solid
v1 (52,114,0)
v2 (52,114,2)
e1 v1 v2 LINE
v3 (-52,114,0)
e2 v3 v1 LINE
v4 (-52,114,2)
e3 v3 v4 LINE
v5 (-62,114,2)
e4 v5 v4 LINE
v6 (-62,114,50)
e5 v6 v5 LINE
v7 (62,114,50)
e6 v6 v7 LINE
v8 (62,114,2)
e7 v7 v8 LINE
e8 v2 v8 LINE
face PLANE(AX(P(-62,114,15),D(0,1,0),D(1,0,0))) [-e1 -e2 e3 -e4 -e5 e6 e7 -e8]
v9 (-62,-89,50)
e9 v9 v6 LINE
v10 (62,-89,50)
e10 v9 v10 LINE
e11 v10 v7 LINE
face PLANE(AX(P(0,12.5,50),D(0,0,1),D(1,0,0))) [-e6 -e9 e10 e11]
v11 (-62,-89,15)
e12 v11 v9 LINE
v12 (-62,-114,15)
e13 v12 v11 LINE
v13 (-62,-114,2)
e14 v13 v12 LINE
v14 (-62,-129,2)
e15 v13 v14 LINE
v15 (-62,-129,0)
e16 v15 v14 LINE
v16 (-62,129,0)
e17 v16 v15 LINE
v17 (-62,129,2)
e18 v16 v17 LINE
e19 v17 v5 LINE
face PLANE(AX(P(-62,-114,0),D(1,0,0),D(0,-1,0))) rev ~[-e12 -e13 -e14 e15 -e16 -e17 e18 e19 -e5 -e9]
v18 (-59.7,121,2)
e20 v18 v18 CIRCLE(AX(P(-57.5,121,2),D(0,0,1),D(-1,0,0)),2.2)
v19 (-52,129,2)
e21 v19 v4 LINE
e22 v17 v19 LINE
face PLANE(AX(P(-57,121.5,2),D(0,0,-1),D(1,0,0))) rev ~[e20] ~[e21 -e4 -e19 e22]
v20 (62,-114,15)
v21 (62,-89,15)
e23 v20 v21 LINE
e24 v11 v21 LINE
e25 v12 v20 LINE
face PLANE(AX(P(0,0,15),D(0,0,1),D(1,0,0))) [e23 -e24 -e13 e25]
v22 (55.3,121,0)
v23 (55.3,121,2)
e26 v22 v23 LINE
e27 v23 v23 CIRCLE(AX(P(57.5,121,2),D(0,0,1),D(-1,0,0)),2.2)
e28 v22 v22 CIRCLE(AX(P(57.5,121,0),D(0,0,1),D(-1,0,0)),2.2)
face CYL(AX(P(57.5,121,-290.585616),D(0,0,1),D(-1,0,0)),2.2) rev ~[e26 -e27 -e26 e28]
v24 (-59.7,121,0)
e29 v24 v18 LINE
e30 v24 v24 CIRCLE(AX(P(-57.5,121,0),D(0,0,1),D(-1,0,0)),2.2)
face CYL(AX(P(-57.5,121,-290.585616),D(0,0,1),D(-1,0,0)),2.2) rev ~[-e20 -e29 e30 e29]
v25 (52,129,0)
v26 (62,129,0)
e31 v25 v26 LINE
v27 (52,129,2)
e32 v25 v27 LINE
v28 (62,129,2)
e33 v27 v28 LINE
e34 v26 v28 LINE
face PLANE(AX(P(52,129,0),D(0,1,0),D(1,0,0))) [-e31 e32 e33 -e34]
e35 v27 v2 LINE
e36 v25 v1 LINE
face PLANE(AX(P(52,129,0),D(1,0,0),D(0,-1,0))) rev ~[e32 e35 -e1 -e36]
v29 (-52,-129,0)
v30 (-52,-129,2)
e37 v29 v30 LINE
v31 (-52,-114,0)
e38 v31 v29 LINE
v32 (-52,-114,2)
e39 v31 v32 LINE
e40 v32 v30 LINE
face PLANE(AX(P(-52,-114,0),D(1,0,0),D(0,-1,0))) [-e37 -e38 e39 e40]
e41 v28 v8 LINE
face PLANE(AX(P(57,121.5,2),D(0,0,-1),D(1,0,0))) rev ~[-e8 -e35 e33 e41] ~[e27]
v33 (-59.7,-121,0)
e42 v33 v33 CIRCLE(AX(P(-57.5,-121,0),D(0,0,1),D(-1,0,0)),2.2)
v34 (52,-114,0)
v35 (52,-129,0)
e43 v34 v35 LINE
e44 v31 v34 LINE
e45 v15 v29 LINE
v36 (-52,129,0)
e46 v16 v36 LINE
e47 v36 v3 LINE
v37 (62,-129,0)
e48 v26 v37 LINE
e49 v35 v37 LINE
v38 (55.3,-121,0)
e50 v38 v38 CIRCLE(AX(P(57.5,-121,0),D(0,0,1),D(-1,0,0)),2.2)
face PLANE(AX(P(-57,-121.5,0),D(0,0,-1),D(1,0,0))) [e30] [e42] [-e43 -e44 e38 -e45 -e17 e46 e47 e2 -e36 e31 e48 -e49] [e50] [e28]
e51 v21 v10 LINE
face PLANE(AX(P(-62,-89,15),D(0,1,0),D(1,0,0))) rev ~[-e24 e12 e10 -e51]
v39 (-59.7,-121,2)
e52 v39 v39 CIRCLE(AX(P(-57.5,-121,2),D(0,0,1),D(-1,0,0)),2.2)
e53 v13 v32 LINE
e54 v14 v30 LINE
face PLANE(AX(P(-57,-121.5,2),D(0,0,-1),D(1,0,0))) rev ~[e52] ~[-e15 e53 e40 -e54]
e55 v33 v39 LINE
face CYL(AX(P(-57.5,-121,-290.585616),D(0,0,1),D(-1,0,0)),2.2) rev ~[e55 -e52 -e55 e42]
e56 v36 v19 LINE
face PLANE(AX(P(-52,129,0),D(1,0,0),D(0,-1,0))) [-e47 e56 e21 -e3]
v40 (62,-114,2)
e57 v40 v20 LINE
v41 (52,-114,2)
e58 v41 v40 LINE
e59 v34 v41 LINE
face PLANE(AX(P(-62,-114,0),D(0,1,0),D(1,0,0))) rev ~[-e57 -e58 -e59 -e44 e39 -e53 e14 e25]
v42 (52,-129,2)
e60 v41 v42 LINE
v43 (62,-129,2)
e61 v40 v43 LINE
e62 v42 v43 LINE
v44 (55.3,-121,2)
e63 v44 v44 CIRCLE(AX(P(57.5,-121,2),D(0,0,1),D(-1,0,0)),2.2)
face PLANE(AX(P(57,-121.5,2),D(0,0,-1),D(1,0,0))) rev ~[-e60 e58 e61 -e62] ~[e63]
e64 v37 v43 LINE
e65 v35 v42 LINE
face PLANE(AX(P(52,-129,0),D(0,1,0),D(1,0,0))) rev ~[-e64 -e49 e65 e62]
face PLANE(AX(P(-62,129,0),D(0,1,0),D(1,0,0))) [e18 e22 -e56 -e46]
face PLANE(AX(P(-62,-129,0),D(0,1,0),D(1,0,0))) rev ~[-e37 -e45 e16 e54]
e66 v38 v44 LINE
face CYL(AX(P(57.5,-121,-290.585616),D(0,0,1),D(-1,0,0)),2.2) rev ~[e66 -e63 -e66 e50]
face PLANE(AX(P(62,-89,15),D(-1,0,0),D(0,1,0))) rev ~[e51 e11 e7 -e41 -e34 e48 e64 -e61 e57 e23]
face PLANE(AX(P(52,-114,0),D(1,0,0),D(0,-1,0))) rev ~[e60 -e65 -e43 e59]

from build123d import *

# Parameters (mm, degrees)
F0_W     = 124
F0_H     = 228
F1_DEPTH = 15
F2_W     = 124
F2_H     = 203
F3_DEPTH = 35
F5_W     = 10
F5_H     = 15
F6_DEPTH = 2
F7_D     = 4.4


with BuildPart() as f1:
    # F0 (on Top) → F1 (new body)
    with BuildSketch(Plane.XY):
        Rectangle(F0_W, F0_H)
    extrude(amount=F1_DEPTH)

    # F2 (on face) → F3 (join)
    with BuildSketch(Plane.XY.offset(15)):
        with Locations((0, 12.5)):
            Rectangle(F2_W, F2_H)
    extrude(amount=F3_DEPTH)

    # F5 (on face) → F6 (join)
    with BuildSketch(Plane(origin=(0, 0, 0), x_dir=(1, 0, 0), z_dir=(0, 0, -1))):
        with Locations((-57, 121.5)):
            Rectangle(F5_W, F5_H)
        with Locations((57, 121.5)):
            Rectangle(F5_W, F5_H)
        with Locations((57, -121.5)):
            Rectangle(F5_W, F5_H)
        with Locations((-57, -121.5)):
            Rectangle(F5_W, F5_H)
    extrude(amount=-F6_DEPTH)

    # F7 (through all)
    with Locations(Plane(origin=(0, 0, 0), x_dir=(1, 0, 0), z_dir=(0, 0, -1))):
        with Locations((57.5, -121), (-57.5, -121), (-57.5, 121), (57.5, 121)):
            Hole(F7_D / 2)


solid = f1.part
